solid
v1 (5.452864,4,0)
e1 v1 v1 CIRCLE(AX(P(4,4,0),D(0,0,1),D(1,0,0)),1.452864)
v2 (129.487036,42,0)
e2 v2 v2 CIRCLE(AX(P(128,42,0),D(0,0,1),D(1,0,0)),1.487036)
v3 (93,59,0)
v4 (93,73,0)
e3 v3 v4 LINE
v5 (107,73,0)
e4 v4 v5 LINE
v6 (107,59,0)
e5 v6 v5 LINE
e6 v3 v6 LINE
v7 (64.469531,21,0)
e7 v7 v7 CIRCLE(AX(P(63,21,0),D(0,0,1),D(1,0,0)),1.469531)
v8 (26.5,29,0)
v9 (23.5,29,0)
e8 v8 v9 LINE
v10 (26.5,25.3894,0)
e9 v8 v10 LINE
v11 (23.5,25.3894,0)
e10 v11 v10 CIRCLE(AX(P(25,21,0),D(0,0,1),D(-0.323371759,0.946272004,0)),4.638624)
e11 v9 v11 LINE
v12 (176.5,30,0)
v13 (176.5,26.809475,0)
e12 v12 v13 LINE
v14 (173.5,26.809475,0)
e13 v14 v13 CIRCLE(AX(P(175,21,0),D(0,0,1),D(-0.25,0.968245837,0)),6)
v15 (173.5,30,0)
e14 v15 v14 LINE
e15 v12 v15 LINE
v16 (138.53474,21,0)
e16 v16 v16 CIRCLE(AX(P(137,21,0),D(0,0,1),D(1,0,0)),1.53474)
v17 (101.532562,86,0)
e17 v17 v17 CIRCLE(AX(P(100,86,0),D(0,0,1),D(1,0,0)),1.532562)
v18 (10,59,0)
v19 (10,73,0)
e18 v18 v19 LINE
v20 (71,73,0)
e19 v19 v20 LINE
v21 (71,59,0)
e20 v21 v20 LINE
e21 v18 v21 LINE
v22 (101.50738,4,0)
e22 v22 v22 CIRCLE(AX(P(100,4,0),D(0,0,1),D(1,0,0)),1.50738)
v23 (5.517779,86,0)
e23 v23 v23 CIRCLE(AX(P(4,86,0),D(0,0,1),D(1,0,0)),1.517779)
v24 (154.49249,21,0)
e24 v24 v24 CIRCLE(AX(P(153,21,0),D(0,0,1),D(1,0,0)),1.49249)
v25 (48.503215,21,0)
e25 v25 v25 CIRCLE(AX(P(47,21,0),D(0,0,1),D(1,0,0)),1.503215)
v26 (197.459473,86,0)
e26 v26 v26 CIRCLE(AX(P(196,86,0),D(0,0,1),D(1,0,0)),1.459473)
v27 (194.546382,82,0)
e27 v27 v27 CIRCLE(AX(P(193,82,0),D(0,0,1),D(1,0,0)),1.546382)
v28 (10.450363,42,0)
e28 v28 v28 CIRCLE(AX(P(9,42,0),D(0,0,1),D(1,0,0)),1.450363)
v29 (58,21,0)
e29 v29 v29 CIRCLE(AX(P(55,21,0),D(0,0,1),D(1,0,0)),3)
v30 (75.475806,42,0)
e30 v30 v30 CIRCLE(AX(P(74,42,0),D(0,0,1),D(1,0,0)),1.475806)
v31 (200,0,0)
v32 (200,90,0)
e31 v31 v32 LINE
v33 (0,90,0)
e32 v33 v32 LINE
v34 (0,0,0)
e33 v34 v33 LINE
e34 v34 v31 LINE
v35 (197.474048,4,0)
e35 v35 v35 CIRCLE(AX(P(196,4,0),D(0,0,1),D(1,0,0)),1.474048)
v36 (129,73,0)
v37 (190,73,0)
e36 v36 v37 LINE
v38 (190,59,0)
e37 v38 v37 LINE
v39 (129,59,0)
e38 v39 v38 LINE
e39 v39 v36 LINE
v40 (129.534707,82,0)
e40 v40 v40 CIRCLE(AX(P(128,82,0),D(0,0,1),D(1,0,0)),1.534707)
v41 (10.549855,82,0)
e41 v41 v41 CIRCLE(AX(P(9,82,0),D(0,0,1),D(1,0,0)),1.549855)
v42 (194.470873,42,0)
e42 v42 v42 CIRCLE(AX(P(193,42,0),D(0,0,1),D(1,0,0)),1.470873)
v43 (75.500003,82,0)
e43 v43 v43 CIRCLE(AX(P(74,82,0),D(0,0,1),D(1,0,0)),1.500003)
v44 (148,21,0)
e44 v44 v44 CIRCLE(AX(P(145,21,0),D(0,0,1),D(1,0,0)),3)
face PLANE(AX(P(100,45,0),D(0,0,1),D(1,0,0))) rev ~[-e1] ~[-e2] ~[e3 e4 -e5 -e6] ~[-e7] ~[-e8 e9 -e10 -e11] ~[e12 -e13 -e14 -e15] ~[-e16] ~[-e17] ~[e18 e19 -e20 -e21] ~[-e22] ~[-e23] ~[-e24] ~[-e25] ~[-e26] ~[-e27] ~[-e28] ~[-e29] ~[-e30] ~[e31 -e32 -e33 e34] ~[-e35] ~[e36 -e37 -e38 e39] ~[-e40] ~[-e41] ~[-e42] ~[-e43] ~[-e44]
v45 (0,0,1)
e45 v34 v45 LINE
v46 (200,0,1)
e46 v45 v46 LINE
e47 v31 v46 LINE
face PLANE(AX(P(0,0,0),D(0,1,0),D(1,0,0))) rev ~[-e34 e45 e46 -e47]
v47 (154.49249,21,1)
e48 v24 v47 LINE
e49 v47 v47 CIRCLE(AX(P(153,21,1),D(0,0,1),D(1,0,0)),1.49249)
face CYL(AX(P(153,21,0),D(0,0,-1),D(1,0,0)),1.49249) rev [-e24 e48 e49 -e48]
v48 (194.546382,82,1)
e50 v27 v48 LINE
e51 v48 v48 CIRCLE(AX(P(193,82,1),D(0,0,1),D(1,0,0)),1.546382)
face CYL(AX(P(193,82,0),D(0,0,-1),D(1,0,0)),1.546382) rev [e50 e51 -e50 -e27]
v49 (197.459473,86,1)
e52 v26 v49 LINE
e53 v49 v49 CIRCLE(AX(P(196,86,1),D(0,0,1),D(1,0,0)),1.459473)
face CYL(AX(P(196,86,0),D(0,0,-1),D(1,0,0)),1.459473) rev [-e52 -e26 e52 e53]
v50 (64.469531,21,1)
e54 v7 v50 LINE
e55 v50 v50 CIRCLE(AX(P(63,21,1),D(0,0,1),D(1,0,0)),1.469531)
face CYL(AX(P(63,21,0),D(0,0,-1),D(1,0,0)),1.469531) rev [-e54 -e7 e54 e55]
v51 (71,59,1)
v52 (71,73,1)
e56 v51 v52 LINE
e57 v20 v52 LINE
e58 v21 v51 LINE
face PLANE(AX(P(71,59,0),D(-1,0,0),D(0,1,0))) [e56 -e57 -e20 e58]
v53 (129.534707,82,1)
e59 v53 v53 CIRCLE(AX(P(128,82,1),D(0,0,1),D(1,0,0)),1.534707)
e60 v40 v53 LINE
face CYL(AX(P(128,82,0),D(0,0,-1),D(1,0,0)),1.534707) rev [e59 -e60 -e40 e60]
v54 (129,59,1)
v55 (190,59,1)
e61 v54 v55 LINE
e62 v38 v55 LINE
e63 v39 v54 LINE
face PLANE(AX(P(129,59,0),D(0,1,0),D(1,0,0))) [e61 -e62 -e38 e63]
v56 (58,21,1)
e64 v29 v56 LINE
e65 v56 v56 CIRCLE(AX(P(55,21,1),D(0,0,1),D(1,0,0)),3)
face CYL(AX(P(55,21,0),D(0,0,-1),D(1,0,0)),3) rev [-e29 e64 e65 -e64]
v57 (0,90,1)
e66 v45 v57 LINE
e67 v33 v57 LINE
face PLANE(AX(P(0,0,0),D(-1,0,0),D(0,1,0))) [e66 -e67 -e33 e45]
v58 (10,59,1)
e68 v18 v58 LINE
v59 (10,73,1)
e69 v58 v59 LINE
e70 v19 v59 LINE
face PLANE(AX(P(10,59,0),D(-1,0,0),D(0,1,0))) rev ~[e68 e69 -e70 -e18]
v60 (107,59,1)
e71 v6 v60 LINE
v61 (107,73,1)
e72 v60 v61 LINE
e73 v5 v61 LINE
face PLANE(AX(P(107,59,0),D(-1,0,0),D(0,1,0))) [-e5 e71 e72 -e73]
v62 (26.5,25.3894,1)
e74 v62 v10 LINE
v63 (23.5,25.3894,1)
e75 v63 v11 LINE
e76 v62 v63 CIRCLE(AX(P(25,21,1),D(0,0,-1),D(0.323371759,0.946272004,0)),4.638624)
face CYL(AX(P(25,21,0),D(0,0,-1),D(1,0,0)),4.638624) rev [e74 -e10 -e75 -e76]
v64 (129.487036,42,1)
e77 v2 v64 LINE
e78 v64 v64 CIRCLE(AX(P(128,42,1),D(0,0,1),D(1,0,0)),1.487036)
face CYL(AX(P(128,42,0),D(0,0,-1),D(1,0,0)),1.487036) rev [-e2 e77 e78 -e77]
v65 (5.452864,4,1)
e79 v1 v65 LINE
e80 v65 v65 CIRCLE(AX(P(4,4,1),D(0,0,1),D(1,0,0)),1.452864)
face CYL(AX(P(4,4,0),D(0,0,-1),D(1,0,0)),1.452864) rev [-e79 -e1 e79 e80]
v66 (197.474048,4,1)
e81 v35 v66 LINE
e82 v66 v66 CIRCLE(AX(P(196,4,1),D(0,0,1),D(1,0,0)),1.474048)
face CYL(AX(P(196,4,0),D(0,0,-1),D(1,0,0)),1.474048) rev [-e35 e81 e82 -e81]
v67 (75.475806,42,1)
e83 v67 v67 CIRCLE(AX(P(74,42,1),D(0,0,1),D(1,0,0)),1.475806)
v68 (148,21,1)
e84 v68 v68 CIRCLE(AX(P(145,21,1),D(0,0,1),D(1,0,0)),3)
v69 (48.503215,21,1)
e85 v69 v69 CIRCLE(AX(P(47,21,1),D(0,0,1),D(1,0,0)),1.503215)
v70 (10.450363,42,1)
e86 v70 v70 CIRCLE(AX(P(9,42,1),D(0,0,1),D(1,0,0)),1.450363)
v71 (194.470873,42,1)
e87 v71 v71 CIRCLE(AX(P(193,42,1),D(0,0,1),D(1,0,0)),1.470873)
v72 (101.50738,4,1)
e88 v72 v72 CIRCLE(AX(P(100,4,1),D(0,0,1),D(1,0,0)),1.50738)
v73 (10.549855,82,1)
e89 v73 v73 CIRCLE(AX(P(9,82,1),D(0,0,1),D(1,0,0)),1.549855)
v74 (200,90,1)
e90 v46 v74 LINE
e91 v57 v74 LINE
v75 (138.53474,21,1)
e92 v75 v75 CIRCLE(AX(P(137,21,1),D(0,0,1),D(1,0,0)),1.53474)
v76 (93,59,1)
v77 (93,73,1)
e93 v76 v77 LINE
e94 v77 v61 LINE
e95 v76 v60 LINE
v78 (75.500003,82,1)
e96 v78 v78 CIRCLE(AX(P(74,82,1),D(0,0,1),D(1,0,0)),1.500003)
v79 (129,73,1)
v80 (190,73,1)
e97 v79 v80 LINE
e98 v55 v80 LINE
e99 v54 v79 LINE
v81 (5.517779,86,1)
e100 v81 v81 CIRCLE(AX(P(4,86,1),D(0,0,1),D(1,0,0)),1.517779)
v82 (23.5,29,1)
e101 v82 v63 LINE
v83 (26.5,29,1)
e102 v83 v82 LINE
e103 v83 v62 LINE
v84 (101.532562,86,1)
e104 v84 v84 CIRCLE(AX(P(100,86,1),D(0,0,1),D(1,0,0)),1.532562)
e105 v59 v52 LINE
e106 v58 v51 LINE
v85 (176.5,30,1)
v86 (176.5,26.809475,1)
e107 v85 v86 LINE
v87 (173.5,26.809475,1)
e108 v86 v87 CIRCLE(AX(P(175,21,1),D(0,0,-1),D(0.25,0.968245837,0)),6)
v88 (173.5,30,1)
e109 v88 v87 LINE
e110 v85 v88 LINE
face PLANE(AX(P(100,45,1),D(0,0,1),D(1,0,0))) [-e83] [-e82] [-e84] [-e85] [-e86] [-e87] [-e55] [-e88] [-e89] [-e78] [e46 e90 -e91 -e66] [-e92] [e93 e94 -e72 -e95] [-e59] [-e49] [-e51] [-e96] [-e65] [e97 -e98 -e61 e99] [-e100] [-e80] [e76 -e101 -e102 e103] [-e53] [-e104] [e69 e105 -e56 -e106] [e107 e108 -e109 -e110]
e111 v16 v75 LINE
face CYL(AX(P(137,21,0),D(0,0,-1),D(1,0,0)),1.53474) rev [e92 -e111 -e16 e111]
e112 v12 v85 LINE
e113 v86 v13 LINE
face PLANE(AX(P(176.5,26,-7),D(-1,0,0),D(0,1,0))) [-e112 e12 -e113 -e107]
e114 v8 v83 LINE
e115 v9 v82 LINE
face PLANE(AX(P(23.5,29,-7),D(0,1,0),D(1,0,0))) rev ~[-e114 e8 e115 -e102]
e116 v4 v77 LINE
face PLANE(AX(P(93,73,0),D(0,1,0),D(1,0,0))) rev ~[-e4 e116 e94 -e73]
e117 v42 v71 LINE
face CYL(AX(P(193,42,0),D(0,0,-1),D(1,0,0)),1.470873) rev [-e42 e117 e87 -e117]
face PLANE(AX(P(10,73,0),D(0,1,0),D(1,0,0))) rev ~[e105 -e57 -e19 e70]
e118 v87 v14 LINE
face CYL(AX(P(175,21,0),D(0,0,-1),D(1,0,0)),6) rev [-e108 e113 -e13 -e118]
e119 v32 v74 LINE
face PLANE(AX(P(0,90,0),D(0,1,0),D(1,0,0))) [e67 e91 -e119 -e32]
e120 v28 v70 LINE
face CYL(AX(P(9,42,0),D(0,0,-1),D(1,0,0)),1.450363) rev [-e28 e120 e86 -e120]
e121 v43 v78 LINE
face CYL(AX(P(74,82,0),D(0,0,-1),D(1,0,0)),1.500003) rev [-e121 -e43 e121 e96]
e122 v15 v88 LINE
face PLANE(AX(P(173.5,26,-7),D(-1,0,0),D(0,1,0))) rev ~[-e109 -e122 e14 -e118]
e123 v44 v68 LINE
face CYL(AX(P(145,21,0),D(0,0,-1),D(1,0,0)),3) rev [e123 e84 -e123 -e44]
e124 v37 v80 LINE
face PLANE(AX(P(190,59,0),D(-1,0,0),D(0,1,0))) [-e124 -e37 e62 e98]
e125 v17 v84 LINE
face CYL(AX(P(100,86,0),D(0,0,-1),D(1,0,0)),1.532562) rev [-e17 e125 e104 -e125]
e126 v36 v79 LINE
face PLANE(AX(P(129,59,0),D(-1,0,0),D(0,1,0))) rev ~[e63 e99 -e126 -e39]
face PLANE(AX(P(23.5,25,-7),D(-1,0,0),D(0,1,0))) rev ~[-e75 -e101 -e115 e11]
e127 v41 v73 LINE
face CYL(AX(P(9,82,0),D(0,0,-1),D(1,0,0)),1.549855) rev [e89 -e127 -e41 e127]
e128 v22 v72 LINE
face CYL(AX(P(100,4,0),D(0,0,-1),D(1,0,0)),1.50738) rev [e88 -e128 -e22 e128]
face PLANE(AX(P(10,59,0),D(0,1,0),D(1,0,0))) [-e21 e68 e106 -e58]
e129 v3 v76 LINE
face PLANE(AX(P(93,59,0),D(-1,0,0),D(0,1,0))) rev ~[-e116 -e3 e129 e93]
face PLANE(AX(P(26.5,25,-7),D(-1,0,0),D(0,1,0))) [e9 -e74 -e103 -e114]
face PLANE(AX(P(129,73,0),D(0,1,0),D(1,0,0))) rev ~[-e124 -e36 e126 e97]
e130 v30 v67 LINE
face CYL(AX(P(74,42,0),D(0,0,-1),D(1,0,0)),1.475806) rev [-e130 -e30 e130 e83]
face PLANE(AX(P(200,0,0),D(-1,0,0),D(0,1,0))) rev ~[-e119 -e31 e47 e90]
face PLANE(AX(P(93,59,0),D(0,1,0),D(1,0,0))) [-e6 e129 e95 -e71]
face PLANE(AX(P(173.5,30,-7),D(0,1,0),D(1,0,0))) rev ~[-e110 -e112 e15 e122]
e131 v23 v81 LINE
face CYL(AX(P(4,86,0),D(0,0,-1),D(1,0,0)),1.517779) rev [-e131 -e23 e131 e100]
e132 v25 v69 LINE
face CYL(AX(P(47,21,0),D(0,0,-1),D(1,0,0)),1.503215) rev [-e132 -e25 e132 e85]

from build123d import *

# Parameters (mm, degrees)
BOX001_W     = 3
BOX001_H     = 4
BOX001_DEPTH = 15
BOX_W        = 3
BOX_H        = 4
BOX_DEPTH    = 15
SKETCH_W     = 200
SKETCH_H     = 90
SKETCH_R     = 1.549855
SKETCH_R_2   = 1.534707
SKETCH_R_3   = 1.450363
SKETCH_R_4   = 1.487036
SKETCH_R_5   = 1.500003
SKETCH_R_6   = 1.546382
SKETCH_R_7   = 1.475806
SKETCH_R_8   = 1.470873
SKETCH_R_9   = 1.517779
SKETCH_R_10  = 1.459473
SKETCH_R_11  = 1.474048
SKETCH_R_12  = 1.452864
SKETCH_R_13  = 1.50738
SKETCH_R_14  = 1.532562
SKETCH_R_15  = 4.638624
SKETCH_R_16  = 3
SKETCH_R_17  = 1.469531
SKETCH_R_18  = 1.503215
SKETCH_R_19  = 1.49249
SKETCH_R_20  = 1.53474
SKETCH_R_21  = 6
SKETCH_W_2   = 61
SKETCH_H_2   = 14
SKETCH_W_3   = 14
PAD_DEPTH    = 1


with BuildPart() as cube001:
    # Box001 → Box001 (new body)
    with BuildSketch(Plane(origin=(173.5, 26, -7), x_dir=(1, 0, 0), z_dir=(0, 0, 1))):
        with Locations((1.5, 2)):
            Rectangle(BOX001_W, BOX001_H)
    extrude(amount=BOX001_DEPTH)


with BuildPart() as cube:
    # Box → Box (new body)
    with BuildSketch(Plane(origin=(23.5, 25, -7), x_dir=(1, 0, 0), z_dir=(0, 0, 1))):
        with Locations((1.5, 2)):
            Rectangle(BOX_W, BOX_H)
    extrude(amount=BOX_DEPTH)


with BuildPart() as cut001:
    # Sketch → Pad (new body)
    with BuildSketch(Plane.XY):
        with Locations((100, 45)):
            Rectangle(SKETCH_W, SKETCH_H)
        with Locations((9, 82)):
            Circle(SKETCH_R, mode=Mode.SUBTRACT)
        with Locations((128, 82)):
            Circle(SKETCH_R_2, mode=Mode.SUBTRACT)
        with Locations((9, 42)):
            Circle(SKETCH_R_3, mode=Mode.SUBTRACT)
        with Locations((128, 42)):
            Circle(SKETCH_R_4, mode=Mode.SUBTRACT)
        with Locations((74, 82)):
            Circle(SKETCH_R_5, mode=Mode.SUBTRACT)
        with Locations((193, 82)):
            Circle(SKETCH_R_6, mode=Mode.SUBTRACT)
        with Locations((74, 42)):
            Circle(SKETCH_R_7, mode=Mode.SUBTRACT)
        with Locations((193, 42)):
            Circle(SKETCH_R_8, mode=Mode.SUBTRACT)
        with Locations((4, 86)):
            Circle(SKETCH_R_9, mode=Mode.SUBTRACT)
        with Locations((196, 86)):
            Circle(SKETCH_R_10, mode=Mode.SUBTRACT)
        with Locations((196, 4)):
            Circle(SKETCH_R_11, mode=Mode.SUBTRACT)
        with Locations((4, 4)):
            Circle(SKETCH_R_12, mode=Mode.SUBTRACT)
        with Locations((100, 4)):
            Circle(SKETCH_R_13, mode=Mode.SUBTRACT)
        with Locations((100, 86)):
            Circle(SKETCH_R_14, mode=Mode.SUBTRACT)
        with Locations((25, 21)):
            Circle(SKETCH_R_15, mode=Mode.SUBTRACT)
        with Locations((55, 21)):
            Circle(SKETCH_R_16, mode=Mode.SUBTRACT)
        with Locations((63, 21)):
            Circle(SKETCH_R_17, mode=Mode.SUBTRACT)
        with Locations((47, 21)):
            Circle(SKETCH_R_18, mode=Mode.SUBTRACT)
        with Locations((145, 21)):
            Circle(SKETCH_R_16, mode=Mode.SUBTRACT)
        with Locations((153, 21)):
            Circle(SKETCH_R_19, mode=Mode.SUBTRACT)
        with Locations((137, 21)):
            Circle(SKETCH_R_20, mode=Mode.SUBTRACT)
        with Locations((175, 21)):
            Circle(SKETCH_R_21, mode=Mode.SUBTRACT)
        with Locations((40.5, 66)):
            Rectangle(SKETCH_W_2, SKETCH_H_2, mode=Mode.SUBTRACT)
        with Locations((100, 66)):
            Rectangle(SKETCH_W_3, SKETCH_H_2, mode=Mode.SUBTRACT)
        with Locations((159.5, 66)):
            Rectangle(SKETCH_W_2, SKETCH_H_2, mode=Mode.SUBTRACT)
    extrude(amount=PAD_DEPTH)

    # Cut: cut Cube
    add(cube.part, mode=Mode.SUBTRACT)

    # Cut001: cut Cube001
    add(cube001.part, mode=Mode.SUBTRACT)


solid = cut001.part
